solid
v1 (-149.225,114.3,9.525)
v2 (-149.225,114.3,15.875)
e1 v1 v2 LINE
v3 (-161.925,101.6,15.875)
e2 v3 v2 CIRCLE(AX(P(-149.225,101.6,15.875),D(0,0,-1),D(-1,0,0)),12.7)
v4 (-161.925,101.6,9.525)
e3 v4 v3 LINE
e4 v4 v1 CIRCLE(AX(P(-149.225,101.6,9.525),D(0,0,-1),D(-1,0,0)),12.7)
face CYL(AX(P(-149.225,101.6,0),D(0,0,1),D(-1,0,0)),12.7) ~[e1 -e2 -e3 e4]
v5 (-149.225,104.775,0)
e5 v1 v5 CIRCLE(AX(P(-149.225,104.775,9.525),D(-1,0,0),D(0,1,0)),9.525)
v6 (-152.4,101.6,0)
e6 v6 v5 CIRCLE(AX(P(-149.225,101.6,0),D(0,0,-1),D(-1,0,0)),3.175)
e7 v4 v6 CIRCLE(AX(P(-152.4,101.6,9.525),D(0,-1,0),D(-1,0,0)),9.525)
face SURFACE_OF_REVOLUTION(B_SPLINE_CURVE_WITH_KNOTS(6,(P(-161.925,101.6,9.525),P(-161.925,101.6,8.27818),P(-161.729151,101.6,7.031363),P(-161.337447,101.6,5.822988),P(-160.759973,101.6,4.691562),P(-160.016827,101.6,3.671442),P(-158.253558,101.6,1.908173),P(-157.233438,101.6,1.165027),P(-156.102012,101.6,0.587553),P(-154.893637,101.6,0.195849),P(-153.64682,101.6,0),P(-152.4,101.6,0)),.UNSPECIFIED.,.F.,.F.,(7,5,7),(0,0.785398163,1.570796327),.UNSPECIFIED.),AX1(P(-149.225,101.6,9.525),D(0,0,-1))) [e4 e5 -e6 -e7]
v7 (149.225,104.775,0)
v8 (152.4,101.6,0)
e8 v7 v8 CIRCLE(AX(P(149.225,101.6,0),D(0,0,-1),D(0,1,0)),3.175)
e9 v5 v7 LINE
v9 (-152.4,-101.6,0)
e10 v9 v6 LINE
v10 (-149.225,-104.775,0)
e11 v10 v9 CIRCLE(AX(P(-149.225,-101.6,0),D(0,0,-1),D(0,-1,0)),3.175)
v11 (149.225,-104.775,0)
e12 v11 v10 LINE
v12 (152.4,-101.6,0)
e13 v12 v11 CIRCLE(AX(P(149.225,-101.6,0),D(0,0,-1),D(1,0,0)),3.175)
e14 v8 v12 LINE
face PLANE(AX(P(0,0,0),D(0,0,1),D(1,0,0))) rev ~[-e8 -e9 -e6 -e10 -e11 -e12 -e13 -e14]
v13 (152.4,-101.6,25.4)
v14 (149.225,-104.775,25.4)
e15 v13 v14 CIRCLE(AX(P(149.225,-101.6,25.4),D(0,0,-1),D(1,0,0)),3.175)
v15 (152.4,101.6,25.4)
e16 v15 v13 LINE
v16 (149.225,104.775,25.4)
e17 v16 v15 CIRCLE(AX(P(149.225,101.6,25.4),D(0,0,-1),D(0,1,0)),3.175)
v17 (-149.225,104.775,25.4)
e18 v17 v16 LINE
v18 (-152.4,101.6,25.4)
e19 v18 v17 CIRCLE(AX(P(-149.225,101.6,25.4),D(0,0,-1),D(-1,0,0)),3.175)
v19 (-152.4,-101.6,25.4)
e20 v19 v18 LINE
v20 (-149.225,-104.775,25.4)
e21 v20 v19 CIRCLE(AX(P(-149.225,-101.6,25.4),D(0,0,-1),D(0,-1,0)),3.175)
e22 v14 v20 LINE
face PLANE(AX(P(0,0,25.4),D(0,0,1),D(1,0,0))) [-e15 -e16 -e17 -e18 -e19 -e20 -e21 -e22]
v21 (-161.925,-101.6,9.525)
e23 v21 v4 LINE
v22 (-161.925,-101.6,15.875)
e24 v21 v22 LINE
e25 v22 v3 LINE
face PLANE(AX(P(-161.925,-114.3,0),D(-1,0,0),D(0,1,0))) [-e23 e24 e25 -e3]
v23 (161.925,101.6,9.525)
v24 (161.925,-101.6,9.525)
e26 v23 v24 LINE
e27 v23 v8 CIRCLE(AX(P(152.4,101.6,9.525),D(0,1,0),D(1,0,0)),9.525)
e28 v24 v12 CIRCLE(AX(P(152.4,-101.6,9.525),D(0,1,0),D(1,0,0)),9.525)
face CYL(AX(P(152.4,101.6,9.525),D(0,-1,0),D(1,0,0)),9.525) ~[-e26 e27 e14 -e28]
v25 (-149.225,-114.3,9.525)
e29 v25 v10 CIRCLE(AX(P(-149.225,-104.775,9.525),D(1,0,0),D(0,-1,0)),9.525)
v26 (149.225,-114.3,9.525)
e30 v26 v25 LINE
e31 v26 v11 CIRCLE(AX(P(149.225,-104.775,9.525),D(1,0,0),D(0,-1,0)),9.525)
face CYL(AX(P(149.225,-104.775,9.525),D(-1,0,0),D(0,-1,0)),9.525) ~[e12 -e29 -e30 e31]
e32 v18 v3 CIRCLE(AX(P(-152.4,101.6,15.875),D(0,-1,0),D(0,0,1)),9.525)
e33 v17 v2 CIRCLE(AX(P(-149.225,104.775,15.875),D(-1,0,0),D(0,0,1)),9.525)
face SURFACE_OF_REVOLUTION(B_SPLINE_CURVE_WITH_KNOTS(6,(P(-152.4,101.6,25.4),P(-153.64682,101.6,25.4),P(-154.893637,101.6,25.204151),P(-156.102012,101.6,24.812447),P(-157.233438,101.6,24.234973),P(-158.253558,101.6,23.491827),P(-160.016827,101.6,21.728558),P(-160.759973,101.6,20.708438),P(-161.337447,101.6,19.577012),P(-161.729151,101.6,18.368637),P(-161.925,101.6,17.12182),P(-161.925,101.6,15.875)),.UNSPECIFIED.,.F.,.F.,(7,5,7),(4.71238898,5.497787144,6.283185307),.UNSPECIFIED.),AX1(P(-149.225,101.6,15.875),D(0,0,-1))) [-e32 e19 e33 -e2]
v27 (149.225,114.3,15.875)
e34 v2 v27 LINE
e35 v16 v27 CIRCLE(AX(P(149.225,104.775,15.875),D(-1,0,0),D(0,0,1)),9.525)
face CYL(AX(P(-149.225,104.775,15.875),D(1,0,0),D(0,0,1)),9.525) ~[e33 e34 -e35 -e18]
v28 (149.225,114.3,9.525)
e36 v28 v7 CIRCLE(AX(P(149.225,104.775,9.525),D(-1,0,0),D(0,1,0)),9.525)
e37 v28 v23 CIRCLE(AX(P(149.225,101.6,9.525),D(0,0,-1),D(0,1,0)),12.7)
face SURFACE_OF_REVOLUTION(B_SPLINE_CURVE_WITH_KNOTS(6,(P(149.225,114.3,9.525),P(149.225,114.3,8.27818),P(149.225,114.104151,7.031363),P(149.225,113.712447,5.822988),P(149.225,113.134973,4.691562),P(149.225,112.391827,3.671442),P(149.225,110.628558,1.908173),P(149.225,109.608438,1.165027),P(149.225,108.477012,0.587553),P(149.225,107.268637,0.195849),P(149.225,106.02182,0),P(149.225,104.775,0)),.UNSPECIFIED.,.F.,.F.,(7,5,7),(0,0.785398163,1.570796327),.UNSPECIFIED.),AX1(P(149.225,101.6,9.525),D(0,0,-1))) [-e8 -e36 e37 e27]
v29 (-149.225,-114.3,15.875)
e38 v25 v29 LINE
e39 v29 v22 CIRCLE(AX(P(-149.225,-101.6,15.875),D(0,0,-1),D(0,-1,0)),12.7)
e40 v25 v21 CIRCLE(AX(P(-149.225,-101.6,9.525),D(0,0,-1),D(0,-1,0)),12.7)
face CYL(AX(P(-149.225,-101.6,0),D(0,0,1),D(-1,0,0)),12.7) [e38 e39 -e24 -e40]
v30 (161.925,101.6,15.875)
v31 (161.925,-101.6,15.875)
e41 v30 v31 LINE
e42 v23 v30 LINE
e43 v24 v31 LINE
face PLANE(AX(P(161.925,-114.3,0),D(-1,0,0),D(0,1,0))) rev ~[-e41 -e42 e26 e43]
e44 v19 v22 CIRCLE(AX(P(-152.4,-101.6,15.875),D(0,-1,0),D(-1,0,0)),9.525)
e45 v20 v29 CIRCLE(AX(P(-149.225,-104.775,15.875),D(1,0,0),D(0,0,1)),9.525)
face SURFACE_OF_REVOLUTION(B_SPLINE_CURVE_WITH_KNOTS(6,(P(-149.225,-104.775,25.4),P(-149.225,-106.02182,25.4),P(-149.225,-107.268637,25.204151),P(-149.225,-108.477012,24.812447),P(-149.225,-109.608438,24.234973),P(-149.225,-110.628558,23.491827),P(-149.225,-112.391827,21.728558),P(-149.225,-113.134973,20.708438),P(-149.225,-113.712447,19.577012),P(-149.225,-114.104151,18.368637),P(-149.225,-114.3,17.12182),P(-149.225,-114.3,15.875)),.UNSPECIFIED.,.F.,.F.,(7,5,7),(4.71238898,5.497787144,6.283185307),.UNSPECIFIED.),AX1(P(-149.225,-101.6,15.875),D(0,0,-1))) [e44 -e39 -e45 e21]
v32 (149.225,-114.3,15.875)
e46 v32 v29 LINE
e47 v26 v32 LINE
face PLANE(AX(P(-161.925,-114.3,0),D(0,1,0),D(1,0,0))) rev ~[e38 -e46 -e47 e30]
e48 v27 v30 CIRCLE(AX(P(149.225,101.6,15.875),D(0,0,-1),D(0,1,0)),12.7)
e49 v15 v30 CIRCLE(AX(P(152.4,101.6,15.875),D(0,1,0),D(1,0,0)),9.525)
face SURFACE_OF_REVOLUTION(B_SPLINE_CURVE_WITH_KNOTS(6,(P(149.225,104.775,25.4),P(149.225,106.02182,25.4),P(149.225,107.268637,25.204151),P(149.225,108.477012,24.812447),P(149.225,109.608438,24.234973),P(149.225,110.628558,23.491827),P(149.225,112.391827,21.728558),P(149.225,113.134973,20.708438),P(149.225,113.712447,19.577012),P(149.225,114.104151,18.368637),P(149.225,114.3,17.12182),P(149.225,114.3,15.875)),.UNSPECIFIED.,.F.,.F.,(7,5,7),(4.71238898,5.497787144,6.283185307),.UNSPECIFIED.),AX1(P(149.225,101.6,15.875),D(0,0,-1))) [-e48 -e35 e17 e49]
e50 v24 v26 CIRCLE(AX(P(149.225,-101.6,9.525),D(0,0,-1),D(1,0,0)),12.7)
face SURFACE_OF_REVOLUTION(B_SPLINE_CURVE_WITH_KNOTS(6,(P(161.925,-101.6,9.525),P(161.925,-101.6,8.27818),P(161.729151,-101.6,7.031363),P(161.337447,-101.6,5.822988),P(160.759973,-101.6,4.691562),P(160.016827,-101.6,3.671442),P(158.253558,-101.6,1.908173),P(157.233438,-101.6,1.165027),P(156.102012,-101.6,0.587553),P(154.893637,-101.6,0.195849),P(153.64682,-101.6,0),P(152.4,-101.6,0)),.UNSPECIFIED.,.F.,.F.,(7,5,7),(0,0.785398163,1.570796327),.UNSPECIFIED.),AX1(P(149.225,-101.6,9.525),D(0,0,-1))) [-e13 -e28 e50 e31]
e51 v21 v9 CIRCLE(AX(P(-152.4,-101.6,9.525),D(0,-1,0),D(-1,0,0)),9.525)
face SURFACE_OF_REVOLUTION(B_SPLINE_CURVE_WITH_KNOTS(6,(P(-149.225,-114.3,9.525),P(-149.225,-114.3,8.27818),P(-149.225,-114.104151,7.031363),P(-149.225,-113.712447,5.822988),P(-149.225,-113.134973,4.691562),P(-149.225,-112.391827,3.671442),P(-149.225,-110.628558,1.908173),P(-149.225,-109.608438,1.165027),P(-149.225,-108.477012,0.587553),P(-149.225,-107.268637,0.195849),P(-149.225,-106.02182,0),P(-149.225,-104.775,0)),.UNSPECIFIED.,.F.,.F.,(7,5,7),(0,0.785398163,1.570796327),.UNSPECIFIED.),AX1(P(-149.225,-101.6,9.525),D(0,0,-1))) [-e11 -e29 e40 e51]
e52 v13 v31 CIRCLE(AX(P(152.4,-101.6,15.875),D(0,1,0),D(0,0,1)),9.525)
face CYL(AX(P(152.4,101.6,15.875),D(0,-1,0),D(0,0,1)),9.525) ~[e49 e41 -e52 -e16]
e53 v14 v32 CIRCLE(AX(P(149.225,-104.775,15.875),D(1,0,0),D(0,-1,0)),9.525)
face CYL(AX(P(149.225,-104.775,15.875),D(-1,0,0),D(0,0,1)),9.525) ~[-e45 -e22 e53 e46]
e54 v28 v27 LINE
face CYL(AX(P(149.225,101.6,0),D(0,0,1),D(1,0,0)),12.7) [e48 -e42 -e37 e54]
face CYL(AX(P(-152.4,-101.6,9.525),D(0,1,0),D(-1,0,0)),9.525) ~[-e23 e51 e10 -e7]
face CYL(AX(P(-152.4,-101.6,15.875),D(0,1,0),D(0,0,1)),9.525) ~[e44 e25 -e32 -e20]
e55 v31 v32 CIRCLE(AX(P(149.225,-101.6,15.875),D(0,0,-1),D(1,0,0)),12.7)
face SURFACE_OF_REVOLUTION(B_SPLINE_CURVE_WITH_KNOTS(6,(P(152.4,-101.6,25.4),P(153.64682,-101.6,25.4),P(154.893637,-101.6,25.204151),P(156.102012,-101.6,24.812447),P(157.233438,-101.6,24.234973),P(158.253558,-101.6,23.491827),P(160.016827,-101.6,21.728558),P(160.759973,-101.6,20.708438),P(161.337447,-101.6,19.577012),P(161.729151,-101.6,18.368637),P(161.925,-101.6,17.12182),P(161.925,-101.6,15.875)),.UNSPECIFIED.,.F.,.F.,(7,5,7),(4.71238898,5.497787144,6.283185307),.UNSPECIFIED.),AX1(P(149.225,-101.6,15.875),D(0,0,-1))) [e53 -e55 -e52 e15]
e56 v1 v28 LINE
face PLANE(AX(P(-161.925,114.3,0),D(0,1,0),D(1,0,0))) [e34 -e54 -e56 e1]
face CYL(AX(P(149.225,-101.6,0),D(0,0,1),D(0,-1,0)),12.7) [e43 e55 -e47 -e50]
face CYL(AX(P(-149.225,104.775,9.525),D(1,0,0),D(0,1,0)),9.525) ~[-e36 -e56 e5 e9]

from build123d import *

# Parameters (mm, degrees)
F0_W     = 323.85
F0_H     = 228.6
F1_DEPTH = 25.4
F2_R     = 12.7
F3_R     = 9.525


with BuildPart() as f1:
    # F0 (on Top) → F1 (new body)
    with BuildSketch(Plane.XY):
        Rectangle(F0_W, F0_H)
    extrude(amount=F1_DEPTH)

    # F2
    f2_edges = [f1.edges().sort_by_distance(p)[0] for p in [
        (-161.925, -114.3, 12.7),
        (161.925, -114.3, 12.7),
        (161.925, 114.3, 12.7),
        (-161.925, 114.3, 12.7),
    ]]
    fillet(f2_edges, radius=F2_R)

    # F3
    f3_edges = [f1.edges().sort_by_distance(p)[0] for p in [
        (0, 114.3, 25.4),
        (-161.925, 0, 0),
    ]]
    fillet(f3_edges, radius=F3_R)


solid = f1.part
